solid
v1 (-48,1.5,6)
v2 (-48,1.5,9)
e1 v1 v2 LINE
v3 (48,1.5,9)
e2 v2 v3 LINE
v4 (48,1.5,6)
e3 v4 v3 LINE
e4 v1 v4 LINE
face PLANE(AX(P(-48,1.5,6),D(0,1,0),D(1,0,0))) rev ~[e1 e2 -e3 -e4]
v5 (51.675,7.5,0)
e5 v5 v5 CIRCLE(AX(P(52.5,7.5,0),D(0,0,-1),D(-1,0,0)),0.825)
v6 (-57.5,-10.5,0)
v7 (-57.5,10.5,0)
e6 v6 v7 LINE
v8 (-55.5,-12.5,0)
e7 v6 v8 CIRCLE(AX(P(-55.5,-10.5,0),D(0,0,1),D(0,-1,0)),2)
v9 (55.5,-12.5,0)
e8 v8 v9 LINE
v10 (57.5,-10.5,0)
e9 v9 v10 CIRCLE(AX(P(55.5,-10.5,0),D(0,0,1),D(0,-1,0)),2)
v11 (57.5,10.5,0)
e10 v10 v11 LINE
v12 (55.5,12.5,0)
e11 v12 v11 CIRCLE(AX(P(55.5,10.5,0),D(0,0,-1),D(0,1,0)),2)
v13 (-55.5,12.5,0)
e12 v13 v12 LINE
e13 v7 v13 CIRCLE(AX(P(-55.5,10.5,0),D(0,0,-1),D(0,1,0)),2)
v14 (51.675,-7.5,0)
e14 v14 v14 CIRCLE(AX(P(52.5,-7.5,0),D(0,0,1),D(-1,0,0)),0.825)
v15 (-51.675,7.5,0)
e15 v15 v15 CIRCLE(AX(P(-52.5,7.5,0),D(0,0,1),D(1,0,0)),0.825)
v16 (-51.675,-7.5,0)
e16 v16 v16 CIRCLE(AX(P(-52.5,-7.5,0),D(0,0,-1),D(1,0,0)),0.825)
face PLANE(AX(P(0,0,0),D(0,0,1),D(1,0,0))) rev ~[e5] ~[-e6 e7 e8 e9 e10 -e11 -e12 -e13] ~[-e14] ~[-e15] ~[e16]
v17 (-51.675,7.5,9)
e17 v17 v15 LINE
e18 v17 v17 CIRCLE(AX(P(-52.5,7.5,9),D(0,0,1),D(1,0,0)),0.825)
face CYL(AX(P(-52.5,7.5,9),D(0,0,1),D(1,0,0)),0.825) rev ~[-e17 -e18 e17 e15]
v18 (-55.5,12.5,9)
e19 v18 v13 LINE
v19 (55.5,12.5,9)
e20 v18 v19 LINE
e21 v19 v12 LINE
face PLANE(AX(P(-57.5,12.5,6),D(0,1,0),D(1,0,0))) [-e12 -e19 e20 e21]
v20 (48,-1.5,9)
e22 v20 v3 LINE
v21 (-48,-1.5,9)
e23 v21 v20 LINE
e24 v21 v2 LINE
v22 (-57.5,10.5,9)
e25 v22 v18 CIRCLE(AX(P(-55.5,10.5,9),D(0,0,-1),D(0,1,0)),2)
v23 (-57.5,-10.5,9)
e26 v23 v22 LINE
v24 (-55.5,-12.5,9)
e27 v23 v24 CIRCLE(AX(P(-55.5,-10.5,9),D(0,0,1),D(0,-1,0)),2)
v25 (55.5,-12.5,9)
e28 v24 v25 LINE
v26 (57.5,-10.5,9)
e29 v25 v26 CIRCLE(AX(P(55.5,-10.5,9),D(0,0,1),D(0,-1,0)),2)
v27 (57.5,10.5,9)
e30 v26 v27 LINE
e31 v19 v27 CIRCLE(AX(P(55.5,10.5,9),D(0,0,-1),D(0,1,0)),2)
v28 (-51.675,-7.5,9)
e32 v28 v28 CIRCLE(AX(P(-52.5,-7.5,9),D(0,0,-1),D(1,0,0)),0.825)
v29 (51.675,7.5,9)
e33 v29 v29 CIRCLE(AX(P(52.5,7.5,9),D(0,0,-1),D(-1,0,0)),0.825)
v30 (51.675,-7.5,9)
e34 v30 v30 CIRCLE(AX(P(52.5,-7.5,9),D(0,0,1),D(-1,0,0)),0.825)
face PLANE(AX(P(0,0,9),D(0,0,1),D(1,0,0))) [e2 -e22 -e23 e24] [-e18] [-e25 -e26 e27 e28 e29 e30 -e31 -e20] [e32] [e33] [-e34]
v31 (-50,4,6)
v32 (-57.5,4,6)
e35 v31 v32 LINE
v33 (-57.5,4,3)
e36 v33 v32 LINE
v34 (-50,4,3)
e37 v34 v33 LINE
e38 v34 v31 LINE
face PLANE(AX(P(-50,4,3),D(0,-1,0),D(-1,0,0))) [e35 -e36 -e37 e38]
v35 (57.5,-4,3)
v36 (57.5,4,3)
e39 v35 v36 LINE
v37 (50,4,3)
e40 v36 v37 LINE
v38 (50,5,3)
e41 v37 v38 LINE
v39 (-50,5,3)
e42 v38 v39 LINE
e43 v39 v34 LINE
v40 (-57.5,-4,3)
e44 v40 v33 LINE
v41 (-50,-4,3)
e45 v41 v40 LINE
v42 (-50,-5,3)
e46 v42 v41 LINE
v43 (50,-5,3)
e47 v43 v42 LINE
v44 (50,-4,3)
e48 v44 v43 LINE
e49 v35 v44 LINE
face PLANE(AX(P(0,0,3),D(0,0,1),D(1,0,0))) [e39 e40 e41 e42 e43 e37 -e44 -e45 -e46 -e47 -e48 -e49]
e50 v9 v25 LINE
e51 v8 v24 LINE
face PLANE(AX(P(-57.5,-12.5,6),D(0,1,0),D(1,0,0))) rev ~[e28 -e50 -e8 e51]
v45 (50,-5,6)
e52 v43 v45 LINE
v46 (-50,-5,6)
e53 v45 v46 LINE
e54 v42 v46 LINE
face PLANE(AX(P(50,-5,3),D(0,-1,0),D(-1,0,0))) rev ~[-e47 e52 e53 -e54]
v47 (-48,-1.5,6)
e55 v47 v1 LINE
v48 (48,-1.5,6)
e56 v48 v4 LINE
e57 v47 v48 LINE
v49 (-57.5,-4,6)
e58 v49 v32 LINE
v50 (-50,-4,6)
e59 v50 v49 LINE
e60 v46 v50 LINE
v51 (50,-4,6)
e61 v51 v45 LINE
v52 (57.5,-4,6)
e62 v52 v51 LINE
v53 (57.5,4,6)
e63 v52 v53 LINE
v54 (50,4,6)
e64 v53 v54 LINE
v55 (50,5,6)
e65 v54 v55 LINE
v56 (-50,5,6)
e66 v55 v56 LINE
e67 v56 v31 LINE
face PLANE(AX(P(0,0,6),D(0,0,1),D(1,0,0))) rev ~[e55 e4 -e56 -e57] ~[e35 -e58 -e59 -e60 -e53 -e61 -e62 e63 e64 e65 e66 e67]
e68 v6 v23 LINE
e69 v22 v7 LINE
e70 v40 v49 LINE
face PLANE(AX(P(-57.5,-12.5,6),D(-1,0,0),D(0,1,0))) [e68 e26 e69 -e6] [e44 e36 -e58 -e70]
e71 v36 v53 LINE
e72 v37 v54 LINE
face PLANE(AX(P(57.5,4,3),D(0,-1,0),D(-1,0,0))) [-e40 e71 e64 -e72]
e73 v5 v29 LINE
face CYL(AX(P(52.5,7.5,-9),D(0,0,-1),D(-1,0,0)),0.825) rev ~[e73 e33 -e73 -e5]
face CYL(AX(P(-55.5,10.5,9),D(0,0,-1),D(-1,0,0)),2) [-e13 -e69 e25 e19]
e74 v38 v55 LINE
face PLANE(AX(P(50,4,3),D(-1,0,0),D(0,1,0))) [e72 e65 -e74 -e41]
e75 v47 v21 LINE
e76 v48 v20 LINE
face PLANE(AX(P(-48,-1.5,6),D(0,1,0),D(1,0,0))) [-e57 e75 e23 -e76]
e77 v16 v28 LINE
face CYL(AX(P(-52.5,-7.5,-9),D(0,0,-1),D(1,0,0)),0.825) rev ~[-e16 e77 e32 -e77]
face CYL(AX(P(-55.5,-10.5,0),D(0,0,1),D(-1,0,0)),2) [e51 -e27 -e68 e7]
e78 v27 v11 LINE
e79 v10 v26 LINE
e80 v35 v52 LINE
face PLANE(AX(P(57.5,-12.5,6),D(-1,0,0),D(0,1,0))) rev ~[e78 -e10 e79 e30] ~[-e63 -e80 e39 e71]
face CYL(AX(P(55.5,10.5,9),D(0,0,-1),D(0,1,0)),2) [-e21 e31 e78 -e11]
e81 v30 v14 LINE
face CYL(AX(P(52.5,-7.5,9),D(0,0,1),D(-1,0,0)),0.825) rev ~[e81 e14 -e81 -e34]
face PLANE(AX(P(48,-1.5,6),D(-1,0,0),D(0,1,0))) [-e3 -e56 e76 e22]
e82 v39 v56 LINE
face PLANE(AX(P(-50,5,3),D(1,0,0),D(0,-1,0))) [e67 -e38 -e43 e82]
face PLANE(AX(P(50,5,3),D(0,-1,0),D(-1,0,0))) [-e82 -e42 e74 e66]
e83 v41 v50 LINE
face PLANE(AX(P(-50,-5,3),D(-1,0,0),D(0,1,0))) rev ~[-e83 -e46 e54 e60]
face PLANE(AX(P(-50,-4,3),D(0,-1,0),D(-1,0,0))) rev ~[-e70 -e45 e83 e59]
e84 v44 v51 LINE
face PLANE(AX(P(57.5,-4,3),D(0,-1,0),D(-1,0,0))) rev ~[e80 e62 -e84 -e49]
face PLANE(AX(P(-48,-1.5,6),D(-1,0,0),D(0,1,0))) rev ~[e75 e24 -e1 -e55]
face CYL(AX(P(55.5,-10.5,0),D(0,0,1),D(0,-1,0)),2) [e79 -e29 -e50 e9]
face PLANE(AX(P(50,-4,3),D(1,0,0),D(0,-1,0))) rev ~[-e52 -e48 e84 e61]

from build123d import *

# Parameters (mm, degrees)
SKETCH_W              = 115
SKETCH_H              = 25
PAD_DEPTH             = 3
PAD001_DEPTH          = 3
SKETCH002_W           = 115
SKETCH002_H           = 25
SKETCH002_W_2         = 96
SKETCH002_H_2         = 3
PAD002_DEPTH          = 3
SKETCH003_R           = 0.825
POCKET_DEPTH          = 245.060315
POLARPATTERN_COUNT    = 2
POLARPATTERN001_COUNT = 2
POLARPATTERN002_COUNT = 2
FILLET_R              = 2


with BuildPart() as part:
    # Sketch → Pad (new body)
    with BuildSketch(Plane.XY):
        Rectangle(SKETCH_W, SKETCH_H)
    extrude(amount=PAD_DEPTH)

    # Sketch001 (on Face6 of Pad) → Pad001 (join)
    with BuildSketch(Plane.XY.offset(3)):
        Polygon((-57.5, 12.5), (57.5, 12.5), (57.5, 4), (50, 4), (50, 5), (-50, 5), (-50, 4), (-57.5, 4), align=None)
        Polygon((-57.5, -12.5), (57.5, -12.5), (57.5, -4), (50, -4), (50, -5), (-50, -5), (-50, -4), (-57.5, -4), align=None)
    extrude(amount=PAD001_DEPTH)

    # Sketch002 (on Face12 of Pad001) → Pad002 (join)
    with BuildSketch(Plane.XY.offset(6)):
        Rectangle(SKETCH002_W, SKETCH002_H)
        Rectangle(SKETCH002_W_2, SKETCH002_H_2, mode=Mode.SUBTRACT)
    extrude(amount=PAD002_DEPTH)

    # Sketch003 (on Face26 of Pad002) → Pocket (cut, through all)
    with BuildSketch(Plane.XY.offset(9)):
        with Locations((-52.5, 7.5)):
            Circle(SKETCH003_R)
    pocket = extrude(amount=-POCKET_DEPTH, mode=Mode.SUBTRACT)

    # PolarPattern: Pocket ×2 about axis
    polarpattern_axis = Axis((0, 0, 0), (0, 1, 0))
    for i in range(1, POLARPATTERN_COUNT):
        add(pocket.rotate(polarpattern_axis, i * 360 / POLARPATTERN_COUNT), mode=Mode.SUBTRACT)

    # PolarPattern001: Pocket ×2 about axis
    polarpattern001_axis = Axis((0, 0, 0), (1, 0, 0))
    for i in range(1, POLARPATTERN001_COUNT):
        add(pocket.rotate(polarpattern001_axis, i * 360 / POLARPATTERN001_COUNT), mode=Mode.SUBTRACT)

    # PolarPattern002: Pocket ×2 about axis
    polarpattern002_axis = Axis((0, 0, 9), (0, 0, 1))
    for i in range(1, POLARPATTERN002_COUNT):
        add(pocket.rotate(polarpattern002_axis, i * 360 / POLARPATTERN002_COUNT), mode=Mode.SUBTRACT)

    # Fillet
    fillet_edges = [part.edges().sort_by_distance(p)[0] for p in [
        (57.5, 12.5, 7.5),
        (57.5, 12.5, 4.5),
        (57.5, 12.5, 1.5),
        (57.5, -12.5, 7.5),
        (-57.5, 12.5, 7.5),
        (-57.5, -12.5, 7.5),
    ]]
    fillet(fillet_edges, radius=FILLET_R)


solid = part.part
